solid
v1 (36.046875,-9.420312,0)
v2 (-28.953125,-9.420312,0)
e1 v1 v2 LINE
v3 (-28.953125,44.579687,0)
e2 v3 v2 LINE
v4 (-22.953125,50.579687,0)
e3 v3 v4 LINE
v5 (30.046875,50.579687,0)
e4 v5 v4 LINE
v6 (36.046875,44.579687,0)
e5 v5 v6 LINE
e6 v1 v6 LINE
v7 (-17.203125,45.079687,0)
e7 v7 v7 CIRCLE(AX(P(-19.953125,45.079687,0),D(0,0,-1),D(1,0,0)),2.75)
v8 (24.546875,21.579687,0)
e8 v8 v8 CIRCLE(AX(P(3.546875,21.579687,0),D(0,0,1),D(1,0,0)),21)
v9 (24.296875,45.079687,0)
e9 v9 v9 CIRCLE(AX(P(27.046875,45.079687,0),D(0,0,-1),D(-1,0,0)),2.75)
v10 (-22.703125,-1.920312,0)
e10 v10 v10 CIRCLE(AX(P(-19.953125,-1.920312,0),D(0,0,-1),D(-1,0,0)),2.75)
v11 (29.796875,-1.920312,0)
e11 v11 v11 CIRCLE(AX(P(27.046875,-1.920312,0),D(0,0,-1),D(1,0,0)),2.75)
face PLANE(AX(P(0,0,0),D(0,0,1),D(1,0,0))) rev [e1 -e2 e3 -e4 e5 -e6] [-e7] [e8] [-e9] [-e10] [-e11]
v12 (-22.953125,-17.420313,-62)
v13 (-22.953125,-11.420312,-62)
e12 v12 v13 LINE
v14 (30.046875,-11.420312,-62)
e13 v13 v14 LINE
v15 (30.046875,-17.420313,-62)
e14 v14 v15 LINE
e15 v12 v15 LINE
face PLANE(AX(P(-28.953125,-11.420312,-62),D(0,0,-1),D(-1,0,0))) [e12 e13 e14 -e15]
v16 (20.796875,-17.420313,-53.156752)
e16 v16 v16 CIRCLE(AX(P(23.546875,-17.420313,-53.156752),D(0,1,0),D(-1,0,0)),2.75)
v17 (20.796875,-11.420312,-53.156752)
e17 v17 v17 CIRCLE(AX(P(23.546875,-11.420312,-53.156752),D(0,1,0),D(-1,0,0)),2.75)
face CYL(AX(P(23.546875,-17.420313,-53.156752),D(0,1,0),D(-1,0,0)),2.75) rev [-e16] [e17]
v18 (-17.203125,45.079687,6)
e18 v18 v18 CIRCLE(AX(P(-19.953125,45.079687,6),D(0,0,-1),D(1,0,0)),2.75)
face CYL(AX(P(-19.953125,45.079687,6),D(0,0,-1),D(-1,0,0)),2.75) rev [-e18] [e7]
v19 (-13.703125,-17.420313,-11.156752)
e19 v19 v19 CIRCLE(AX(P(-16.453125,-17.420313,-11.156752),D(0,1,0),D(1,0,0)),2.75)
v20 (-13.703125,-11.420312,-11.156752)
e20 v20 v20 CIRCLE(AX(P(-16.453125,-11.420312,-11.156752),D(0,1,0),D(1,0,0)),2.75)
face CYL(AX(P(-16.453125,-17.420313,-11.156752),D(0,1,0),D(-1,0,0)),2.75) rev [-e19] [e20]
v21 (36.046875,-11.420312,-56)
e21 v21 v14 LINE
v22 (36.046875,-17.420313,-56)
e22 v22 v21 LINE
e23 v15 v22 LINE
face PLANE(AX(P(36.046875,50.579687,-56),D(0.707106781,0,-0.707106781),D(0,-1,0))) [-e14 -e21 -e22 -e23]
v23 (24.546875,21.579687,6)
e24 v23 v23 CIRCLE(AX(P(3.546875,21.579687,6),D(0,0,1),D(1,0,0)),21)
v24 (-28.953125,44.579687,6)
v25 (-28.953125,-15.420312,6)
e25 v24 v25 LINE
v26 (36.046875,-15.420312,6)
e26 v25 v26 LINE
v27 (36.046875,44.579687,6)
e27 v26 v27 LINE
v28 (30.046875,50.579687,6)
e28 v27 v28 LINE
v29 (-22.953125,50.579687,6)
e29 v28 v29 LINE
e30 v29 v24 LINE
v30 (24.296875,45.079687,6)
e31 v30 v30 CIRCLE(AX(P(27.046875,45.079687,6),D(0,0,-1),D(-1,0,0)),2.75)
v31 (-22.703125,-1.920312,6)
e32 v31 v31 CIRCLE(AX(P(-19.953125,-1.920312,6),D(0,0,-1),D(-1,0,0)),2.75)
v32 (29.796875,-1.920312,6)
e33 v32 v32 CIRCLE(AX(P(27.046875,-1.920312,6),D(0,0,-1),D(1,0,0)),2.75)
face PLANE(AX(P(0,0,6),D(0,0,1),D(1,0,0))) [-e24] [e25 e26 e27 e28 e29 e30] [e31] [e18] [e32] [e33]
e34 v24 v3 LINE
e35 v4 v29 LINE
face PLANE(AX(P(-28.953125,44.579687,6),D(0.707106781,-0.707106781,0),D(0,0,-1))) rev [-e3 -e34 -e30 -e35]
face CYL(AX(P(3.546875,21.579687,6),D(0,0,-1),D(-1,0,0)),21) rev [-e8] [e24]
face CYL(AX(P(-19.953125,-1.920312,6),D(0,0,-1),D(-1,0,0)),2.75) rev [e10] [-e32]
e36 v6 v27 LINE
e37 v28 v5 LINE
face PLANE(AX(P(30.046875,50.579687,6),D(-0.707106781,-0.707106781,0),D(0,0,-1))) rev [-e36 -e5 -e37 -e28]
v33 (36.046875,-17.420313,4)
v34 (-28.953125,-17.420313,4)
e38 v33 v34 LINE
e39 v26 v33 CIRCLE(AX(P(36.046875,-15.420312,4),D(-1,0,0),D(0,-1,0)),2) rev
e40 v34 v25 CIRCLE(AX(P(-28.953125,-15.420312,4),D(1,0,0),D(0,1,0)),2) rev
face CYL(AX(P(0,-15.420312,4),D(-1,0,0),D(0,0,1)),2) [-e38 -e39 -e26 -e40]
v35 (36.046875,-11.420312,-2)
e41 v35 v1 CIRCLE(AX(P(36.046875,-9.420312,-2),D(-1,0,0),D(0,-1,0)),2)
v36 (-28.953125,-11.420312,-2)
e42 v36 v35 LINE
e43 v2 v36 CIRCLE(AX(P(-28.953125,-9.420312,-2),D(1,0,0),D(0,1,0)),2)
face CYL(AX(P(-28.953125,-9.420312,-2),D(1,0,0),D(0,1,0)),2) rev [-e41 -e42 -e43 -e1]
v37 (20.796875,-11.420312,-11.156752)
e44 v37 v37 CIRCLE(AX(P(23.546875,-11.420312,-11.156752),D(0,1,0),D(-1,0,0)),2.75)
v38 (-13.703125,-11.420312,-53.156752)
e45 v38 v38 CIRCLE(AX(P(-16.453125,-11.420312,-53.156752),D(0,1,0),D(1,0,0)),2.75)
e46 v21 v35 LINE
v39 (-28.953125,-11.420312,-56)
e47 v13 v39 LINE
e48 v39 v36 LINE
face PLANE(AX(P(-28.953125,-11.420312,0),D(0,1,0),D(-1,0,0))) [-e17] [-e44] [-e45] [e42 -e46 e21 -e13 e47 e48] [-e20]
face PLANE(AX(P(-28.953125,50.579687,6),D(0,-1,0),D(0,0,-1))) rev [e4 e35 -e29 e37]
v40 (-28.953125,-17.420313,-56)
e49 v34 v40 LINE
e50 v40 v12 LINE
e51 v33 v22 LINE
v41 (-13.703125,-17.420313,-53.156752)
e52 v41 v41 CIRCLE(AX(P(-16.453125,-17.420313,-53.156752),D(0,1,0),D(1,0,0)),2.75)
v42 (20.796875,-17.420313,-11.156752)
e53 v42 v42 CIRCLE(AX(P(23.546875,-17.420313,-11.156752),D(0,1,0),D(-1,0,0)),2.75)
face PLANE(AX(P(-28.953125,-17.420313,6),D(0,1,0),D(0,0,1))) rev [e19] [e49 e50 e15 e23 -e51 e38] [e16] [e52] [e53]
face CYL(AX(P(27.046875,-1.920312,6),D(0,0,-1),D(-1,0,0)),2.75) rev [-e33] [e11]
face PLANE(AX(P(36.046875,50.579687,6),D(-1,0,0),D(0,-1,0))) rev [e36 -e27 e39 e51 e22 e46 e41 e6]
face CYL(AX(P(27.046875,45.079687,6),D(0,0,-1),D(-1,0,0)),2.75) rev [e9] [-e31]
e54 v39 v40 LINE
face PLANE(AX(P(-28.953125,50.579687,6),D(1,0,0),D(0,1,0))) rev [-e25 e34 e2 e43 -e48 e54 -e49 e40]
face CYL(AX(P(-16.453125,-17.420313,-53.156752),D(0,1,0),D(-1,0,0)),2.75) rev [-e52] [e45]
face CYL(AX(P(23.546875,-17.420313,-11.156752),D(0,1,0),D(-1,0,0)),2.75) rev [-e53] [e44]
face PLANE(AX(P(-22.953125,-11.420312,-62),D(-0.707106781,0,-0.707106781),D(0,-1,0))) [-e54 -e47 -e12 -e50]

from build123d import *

# Parameters (mm, degrees)
SKETCH_1_W          = 65
SKETCH_1_H          = 68
SKETCH_1_R          = 21
EXTRUDE_1_DEPTH     = 6
SKETCH_3_W          = 62
SKETCH_3_H          = 6
EXTRUDE_2_DEPTH     = 65
CHAMFER_2_SIZE      = 6
CHAMFER_3_SIZE      = 6
CHAMFER_4_SIZE      = 6
CHAMFER_5_SIZE      = 6
FILLET_1_R          = 2
FILLET_2_R          = 2
SKETCH_5_R          = 2.75
CUT_EXTRUDE_3_DEPTH = 88.759227349
SKETCH_6_R          = 2.75
CUT_EXTRUDE_4_DEPTH = 95.80177845


with BuildPart() as part:
    # 草图1 → 凸台-拉伸1 (new body)
    with BuildSketch(Plane.XY):
        with Locations((3.546875, 16.5796875)):
            Rectangle(SKETCH_1_W, SKETCH_1_H)
        with Locations((3.546875, 21.5796875)):
            Circle(SKETCH_1_R, mode=Mode.SUBTRACT)
    extrude(amount=EXTRUDE_1_DEPTH)

    # 草图3 → 凸台-拉伸2 (add)
    with BuildSketch(Plane(origin=(36.046875, 0, 0), x_dir=(0, 0, -1), z_dir=(1, 0, 0))):
        with Locations((31, -14.4203125)):
            Rectangle(SKETCH_3_W, SKETCH_3_H)
    extrude(amount=-EXTRUDE_2_DEPTH)

    # 倒角2
    chamfer_2_edges = [part.edges().sort_by_distance(p)[0] for p in [
        (36.046875, -14.4203125, -62),
    ]]
    chamfer(chamfer_2_edges, length=CHAMFER_2_SIZE)

    # 倒角3
    chamfer_3_edges = [part.edges().sort_by_distance(p)[0] for p in [
        (-28.953125, -14.4203125, -62),
    ]]
    chamfer(chamfer_3_edges, length=CHAMFER_3_SIZE)

    # 倒角4
    chamfer_4_edges = [part.edges().sort_by_distance(p)[0] for p in [
        (-28.953125, 50.5796875, 3),
    ]]
    chamfer(chamfer_4_edges, length=CHAMFER_4_SIZE)

    # 倒角5
    chamfer_5_edges = [part.edges().sort_by_distance(p)[0] for p in [
        (36.046875, 50.5796875, 3),
    ]]
    chamfer(chamfer_5_edges, length=CHAMFER_5_SIZE)

    # 圆角1
    fillet_1_edges = [part.edges().sort_by_distance(p)[0] for p in [
        (3.546875, -17.4203125, 6),
    ]]
    fillet(fillet_1_edges, radius=FILLET_1_R)

    # 圆角2
    fillet_2_edges = [part.edges().sort_by_distance(p)[0] for p in [
        (3.546875, -11.4203125, 0),
    ]]
    fillet(fillet_2_edges, radius=FILLET_2_R)

    # 草图5 → 切除-拉伸3 (cut, through all)
    with BuildSketch(Plane(origin=(0, 0, 0), x_dir=(-1, 0, 0), z_dir=(0, 0, -1))):
        with Locations((-27.046875, 45.0796875)):
            Circle(SKETCH_5_R)
        with Locations((19.953125, 45.0796875)):
            Circle(SKETCH_5_R)
        with Locations((19.953125, -1.9203125)):
            Circle(SKETCH_5_R)
        with Locations((-27.046875, -1.9203125)):
            Circle(SKETCH_5_R)
    extrude(amount=-CUT_EXTRUDE_3_DEPTH, mode=Mode.SUBTRACT)

    # 草图6 → 切除-拉伸4 (cut, through all)
    with BuildSketch(Plane(origin=(0, -11.4203125, 0), x_dir=(1, 0, 0), z_dir=(0, 1, 0))):
        with Locations((23.546875, 11.156752463)):
            Circle(SKETCH_6_R)
        with Locations((23.546875, 53.156752463)):
            Circle(SKETCH_6_R)
        with Locations((-16.453125, 53.156752463)):
            Circle(SKETCH_6_R)
        with Locations((-16.453125, 11.156752463)):
            Circle(SKETCH_6_R)
    extrude(amount=-CUT_EXTRUDE_4_DEPTH, mode=Mode.SUBTRACT)


solid = part.part
